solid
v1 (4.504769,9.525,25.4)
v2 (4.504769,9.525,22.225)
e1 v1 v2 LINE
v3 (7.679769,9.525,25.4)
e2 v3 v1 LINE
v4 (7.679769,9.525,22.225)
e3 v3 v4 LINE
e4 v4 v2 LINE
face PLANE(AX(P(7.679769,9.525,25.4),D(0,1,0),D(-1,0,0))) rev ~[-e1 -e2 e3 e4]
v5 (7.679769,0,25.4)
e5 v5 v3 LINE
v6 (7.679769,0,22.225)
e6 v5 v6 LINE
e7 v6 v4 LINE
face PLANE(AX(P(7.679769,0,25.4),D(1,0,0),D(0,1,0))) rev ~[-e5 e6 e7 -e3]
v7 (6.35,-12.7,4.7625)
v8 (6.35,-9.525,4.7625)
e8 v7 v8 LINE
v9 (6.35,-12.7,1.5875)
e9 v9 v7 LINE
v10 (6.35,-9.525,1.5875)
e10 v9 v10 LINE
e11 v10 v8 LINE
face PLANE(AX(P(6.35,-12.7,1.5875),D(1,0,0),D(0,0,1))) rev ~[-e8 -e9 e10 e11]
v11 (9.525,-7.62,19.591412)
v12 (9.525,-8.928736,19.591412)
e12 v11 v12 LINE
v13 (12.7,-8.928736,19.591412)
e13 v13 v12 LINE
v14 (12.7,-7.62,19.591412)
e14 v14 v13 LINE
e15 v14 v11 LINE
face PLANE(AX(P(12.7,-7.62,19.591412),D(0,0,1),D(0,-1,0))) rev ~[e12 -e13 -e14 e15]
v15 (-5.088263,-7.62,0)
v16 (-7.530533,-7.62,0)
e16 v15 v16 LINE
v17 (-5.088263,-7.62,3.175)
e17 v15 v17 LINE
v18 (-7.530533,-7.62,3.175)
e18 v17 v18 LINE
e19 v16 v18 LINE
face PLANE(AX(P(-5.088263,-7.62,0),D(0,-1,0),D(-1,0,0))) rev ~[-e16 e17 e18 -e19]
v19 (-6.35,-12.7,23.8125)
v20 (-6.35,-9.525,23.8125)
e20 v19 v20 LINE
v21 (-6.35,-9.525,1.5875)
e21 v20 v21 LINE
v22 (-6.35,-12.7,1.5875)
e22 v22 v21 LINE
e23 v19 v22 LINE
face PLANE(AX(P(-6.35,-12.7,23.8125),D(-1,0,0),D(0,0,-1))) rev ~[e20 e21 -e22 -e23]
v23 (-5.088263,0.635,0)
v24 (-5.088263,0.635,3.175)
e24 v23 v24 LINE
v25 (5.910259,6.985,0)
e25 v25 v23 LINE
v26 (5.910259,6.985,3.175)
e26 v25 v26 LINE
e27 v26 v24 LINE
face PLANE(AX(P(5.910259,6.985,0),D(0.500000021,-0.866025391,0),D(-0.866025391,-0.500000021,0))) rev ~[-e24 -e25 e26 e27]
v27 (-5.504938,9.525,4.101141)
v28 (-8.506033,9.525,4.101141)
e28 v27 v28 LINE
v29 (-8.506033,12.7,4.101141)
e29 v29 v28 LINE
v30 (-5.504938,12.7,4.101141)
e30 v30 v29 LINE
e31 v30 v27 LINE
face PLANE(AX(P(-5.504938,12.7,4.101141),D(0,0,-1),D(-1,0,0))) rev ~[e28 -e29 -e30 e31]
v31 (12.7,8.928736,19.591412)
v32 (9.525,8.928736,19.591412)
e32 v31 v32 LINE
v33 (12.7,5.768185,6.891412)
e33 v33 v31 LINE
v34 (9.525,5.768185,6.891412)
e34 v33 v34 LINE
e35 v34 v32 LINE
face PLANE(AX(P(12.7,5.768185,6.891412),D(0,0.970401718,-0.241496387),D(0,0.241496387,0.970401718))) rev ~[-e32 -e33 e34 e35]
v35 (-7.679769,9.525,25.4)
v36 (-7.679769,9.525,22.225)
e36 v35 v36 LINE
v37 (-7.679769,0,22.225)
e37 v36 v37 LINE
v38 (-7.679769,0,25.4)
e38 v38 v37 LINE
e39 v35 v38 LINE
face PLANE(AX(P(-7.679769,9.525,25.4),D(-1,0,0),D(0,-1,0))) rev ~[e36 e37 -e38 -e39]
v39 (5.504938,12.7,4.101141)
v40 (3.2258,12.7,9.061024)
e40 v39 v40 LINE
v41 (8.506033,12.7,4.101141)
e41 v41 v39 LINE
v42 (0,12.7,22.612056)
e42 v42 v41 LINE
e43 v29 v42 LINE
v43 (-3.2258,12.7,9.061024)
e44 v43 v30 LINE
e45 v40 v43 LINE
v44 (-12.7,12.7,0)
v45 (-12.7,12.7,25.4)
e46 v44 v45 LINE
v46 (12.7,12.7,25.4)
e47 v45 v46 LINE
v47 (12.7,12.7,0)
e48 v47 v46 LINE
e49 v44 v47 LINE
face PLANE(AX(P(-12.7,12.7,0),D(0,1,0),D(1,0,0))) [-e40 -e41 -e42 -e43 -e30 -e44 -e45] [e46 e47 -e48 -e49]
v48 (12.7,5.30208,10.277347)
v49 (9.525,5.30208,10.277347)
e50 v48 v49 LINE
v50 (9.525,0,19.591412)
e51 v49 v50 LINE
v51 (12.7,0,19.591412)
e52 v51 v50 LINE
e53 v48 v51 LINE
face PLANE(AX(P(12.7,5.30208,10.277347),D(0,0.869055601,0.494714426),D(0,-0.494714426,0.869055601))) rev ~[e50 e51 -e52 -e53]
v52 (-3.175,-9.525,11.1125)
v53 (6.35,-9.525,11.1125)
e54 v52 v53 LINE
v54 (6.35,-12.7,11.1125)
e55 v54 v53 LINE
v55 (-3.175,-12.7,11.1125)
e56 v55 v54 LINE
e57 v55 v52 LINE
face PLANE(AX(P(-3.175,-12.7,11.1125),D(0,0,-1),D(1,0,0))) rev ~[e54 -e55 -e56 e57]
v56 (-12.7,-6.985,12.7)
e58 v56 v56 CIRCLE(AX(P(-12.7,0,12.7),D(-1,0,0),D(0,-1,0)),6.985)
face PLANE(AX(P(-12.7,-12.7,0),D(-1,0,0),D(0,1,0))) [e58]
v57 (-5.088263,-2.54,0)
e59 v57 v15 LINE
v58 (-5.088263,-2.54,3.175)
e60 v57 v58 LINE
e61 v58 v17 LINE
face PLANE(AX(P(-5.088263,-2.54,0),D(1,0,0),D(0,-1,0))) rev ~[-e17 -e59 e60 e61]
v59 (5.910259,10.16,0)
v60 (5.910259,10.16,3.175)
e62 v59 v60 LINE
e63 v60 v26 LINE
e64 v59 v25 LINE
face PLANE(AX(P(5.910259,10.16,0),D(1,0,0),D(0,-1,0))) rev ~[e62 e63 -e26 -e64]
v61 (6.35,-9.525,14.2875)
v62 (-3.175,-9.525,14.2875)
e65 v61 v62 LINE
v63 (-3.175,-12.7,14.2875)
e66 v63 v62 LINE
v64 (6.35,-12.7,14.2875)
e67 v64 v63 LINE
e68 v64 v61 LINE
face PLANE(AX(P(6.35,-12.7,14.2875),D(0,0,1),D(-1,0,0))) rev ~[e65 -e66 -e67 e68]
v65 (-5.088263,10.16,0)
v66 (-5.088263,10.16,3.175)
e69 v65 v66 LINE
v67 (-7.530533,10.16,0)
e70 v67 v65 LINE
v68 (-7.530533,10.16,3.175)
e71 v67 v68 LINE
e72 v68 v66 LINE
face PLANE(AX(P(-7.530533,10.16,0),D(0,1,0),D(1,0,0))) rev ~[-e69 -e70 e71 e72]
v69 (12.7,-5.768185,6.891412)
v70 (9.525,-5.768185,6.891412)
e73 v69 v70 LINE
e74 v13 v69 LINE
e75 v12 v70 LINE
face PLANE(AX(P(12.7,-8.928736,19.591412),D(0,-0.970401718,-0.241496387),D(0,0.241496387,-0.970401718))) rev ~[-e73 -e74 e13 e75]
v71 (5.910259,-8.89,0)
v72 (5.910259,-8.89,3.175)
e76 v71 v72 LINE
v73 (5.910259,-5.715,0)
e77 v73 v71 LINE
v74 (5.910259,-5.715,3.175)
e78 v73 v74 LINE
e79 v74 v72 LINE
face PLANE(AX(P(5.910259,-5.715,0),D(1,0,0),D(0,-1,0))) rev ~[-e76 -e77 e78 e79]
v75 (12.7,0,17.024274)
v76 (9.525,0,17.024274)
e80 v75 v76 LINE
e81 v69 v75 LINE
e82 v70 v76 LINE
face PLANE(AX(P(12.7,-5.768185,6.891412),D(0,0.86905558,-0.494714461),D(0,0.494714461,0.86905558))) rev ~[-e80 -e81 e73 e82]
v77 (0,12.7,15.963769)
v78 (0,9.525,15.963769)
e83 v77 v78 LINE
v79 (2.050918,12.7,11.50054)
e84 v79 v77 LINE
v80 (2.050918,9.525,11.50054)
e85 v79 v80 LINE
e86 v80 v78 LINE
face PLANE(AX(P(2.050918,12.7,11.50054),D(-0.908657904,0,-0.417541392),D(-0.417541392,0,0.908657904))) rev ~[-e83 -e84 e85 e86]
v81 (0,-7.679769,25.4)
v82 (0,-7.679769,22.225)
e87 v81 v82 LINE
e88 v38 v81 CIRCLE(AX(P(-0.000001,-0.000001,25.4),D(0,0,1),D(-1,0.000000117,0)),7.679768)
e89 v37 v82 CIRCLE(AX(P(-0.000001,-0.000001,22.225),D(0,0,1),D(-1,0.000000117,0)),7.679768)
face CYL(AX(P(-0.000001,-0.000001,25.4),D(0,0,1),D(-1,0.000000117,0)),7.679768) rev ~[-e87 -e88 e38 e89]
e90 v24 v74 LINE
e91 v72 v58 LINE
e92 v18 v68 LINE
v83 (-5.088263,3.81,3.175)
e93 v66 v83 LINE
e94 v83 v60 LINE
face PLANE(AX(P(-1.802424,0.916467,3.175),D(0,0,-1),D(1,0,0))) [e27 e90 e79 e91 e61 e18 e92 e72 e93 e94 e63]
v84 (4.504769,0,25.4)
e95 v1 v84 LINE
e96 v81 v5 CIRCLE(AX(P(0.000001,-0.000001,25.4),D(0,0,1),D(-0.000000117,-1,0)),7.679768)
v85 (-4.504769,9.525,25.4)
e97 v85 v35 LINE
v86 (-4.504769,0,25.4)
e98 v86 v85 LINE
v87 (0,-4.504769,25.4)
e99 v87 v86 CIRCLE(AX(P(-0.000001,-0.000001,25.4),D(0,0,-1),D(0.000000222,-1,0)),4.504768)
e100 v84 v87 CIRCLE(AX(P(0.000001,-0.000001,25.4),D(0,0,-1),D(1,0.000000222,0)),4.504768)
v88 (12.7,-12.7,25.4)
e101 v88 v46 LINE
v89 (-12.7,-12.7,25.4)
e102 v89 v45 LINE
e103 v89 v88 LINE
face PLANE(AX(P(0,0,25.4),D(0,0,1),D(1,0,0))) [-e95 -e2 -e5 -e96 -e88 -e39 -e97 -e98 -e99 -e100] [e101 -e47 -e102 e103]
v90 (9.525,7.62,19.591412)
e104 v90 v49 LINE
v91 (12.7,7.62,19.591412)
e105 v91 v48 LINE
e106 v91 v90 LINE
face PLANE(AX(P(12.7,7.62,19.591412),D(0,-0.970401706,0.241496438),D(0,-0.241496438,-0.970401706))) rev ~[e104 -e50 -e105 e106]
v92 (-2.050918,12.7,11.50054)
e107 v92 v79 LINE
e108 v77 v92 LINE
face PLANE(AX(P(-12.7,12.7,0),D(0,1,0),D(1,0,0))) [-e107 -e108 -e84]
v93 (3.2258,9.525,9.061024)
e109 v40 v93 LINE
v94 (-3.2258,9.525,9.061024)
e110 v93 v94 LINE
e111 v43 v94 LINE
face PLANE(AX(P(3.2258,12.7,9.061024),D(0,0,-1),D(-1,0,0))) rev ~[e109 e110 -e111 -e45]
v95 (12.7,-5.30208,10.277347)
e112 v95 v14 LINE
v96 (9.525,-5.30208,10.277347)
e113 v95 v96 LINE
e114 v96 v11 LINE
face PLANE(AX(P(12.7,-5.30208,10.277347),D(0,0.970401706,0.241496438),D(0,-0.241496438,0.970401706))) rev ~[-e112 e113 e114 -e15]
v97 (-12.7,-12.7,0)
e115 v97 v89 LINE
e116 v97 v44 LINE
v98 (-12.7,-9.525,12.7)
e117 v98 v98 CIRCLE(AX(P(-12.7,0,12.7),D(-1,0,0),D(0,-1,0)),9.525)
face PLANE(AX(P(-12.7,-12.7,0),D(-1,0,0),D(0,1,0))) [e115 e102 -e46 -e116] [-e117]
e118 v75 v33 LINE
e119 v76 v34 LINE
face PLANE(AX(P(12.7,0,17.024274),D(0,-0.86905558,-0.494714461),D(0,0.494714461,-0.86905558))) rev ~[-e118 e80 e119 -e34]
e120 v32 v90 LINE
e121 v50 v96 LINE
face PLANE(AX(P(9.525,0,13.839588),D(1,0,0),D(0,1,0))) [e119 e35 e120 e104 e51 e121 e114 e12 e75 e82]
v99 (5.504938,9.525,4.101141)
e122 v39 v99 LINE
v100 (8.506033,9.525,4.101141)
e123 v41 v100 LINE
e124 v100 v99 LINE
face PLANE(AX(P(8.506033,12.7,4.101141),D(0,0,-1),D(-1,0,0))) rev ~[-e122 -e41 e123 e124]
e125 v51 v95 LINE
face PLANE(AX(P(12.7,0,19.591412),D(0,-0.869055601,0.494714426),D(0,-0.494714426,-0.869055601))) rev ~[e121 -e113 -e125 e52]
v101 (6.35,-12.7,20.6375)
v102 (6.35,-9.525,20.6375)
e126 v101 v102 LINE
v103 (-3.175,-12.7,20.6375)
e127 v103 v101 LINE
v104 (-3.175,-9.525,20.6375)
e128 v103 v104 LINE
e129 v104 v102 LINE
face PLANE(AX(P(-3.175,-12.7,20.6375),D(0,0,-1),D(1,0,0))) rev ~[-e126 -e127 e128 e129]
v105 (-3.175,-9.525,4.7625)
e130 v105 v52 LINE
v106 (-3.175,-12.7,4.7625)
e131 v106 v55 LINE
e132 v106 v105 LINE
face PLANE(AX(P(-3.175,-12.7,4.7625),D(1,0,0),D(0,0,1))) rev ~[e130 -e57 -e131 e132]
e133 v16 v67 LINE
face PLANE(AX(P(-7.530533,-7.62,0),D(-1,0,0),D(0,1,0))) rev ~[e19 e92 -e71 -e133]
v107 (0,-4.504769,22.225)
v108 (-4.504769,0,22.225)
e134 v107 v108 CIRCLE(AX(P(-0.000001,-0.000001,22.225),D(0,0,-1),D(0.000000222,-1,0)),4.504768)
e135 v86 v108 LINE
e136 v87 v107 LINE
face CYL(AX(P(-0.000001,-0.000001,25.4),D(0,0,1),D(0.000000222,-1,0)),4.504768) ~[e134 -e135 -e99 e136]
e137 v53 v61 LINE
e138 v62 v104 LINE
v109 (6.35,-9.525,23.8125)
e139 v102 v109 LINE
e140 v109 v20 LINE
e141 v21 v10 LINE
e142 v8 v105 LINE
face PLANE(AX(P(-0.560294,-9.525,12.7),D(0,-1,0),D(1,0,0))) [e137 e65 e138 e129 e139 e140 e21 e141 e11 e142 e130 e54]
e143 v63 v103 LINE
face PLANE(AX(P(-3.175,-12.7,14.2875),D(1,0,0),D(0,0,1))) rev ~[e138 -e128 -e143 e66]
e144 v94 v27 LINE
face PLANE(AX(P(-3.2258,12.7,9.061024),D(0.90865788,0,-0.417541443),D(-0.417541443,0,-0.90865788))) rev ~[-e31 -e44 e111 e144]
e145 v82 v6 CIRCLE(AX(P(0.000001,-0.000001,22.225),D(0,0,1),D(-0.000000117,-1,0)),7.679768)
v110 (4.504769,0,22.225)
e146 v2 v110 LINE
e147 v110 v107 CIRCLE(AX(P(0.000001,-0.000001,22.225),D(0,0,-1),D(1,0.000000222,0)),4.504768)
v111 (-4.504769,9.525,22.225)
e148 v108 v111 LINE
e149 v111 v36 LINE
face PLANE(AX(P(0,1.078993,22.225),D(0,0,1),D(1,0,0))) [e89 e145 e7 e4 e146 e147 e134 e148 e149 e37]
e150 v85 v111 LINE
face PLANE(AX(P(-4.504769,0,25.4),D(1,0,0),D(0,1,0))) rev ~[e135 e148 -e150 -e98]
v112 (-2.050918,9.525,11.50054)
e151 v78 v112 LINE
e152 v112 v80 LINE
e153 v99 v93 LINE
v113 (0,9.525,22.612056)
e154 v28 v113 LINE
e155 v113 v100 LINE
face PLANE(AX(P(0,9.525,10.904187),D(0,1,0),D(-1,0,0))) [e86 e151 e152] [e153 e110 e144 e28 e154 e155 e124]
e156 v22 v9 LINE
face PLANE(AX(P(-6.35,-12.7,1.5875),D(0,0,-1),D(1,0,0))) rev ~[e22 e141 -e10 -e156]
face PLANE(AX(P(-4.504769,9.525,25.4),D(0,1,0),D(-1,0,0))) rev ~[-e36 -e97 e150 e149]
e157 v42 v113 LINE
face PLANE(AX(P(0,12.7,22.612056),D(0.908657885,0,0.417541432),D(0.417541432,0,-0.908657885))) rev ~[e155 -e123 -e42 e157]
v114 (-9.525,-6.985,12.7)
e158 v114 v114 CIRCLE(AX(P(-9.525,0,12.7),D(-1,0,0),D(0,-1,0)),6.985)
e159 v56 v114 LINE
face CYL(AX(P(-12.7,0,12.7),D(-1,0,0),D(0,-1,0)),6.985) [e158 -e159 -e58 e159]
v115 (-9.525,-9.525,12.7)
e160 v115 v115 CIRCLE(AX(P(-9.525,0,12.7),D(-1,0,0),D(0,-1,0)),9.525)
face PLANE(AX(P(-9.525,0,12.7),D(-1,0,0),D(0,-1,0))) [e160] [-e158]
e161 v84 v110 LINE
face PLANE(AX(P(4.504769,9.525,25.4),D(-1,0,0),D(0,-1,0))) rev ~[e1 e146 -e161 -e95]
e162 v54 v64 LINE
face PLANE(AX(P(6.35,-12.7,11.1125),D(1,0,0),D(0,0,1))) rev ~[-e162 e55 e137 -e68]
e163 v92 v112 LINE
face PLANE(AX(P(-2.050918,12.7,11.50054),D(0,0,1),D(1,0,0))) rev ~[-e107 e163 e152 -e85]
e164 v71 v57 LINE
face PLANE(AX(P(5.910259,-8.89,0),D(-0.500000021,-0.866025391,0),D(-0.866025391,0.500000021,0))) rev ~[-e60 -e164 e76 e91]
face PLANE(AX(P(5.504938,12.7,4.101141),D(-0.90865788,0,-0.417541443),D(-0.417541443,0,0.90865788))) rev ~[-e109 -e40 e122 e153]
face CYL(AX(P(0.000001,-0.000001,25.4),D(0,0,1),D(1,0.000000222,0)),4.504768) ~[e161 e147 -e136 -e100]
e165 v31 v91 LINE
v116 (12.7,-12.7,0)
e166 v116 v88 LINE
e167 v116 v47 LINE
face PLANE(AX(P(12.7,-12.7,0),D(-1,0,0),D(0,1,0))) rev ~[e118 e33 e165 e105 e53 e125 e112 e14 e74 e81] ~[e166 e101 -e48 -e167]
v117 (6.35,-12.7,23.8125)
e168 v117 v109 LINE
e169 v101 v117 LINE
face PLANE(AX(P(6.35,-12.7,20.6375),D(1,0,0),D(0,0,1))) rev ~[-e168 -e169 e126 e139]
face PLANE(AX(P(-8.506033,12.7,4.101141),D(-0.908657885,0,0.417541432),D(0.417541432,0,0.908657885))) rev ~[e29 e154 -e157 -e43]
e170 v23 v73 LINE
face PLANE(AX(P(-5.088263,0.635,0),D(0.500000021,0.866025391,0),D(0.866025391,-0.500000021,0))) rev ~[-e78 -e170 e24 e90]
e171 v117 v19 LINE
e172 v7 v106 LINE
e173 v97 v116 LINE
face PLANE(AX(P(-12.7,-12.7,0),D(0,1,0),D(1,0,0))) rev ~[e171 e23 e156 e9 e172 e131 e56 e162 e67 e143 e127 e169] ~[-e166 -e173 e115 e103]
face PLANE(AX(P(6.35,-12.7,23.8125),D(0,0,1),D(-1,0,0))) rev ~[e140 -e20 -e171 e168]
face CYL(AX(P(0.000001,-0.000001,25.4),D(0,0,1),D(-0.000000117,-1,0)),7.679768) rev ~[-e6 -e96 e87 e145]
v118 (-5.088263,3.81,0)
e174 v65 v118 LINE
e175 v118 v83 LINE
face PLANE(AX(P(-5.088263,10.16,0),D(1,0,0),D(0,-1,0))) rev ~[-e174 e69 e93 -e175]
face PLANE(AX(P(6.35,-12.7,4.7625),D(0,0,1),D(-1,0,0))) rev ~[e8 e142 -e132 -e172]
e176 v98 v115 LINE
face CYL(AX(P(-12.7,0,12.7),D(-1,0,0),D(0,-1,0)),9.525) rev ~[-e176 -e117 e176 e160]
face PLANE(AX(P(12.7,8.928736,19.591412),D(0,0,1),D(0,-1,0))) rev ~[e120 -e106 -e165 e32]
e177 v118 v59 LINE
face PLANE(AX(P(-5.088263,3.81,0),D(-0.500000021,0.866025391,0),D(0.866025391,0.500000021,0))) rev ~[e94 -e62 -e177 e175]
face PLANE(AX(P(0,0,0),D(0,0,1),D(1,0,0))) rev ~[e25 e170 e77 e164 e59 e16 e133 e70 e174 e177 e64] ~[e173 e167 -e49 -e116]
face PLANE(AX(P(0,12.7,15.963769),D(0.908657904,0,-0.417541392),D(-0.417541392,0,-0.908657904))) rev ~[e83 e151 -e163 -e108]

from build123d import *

# Parameters (mm, degrees)
F0_W      = 25.4
F0_H      = 25.4
F1_DEPTH  = 25.4
F2_R      = 9.525
F2_R_2    = 6.985
F3_DEPTH  = 3.175
F5_DEPTH  = 3.175
F7_DEPTH  = 3.175
F9_DEPTH  = 3.175
F11_DEPTH = 3.175
F13_DEPTH = 3.175


with BuildPart() as f1:
    # F0 (on Top) → F1 (new body)
    with BuildSketch(Plane.XY):
        Rectangle(F0_W, F0_H)
    extrude(amount=F1_DEPTH)

    # F2 (on face) → F3 (cut)
    with BuildSketch(Plane(origin=(-12.7, 0, 0), x_dir=(0, -1, 0), z_dir=(-1, 0, 0))):
        with Locations((0, 12.7)):
            Circle(F2_R)
        with Locations((0, 12.7)):
            Circle(F2_R_2, mode=Mode.SUBTRACT)
    extrude(amount=-F3_DEPTH, mode=Mode.SUBTRACT)

    # F4 (on face) → F5 (cut)
    with BuildSketch(Plane(origin=(0, 12.7, 0), x_dir=(-1, 0, 0), z_dir=(0, 1, 0))):
        Polygon((8.506033, 4.101141), (0, 22.612056), (-8.506033, 4.101141), (-5.504938, 4.101141), (-3.2258, 9.061024), (0, 9.061024), (3.2258, 9.061024), (5.504938, 4.101141), align=None)
        Polygon((-2.050918, 11.50054), (0, 15.963769), (2.050918, 11.50054), (0, 11.50054), align=None, mode=Mode.SUBTRACT)
    extrude(amount=-F5_DEPTH, mode=Mode.SUBTRACT)

    # F6 (on face) → F7 (cut)
    with BuildSketch(Plane.YZ.offset(12.7)):
        Polygon((-7.62, 19.591412), (-8.928736, 19.591412), (-5.768185, 6.891412), (0, 17.024274), (5.768185, 6.891412), (8.928736, 19.591412), (7.62, 19.591412), (5.30208, 10.277347), (0, 19.591412), (-5.30208, 10.277347), align=None)
    extrude(amount=-F7_DEPTH, mode=Mode.SUBTRACT)

    # F8 (on face) → F9 (cut)
    with BuildSketch(Plane.XZ.offset(12.7)):
        Polygon((6.35, 23.8125), (-6.35, 23.8125), (-6.35, 1.5875), (6.35, 1.5875), (6.35, 4.7625), (-3.175, 4.7625), (-3.175, 11.1125), (6.35, 11.1125), (6.35, 14.2875), (-3.175, 14.2875), (-3.175, 20.6375), (6.35, 20.6375), align=None)
    extrude(amount=-F9_DEPTH, mode=Mode.SUBTRACT)

    # F10 (on face) → F11 (cut)
    with BuildSketch(Plane.XY.offset(25.4)):
        with BuildLine():
            Line((-4.504769, 9.525), (-7.679769, 9.525))
            Line((-7.679769, 9.525), (-7.679769, 0))
            ThreePointArc((-7.679769, 0), (-5.430417, -5.430417), (0, -7.679769))
            ThreePointArc((0, -7.679769), (5.430417, -5.430417), (7.679769, 0))
            Line((7.679769, 0), (7.679769, 9.525))
            Line((7.679769, 9.525), (4.504769, 9.525))
            Line((4.504769, 9.525), (4.504769, 0))
            ThreePointArc((4.504769, 0), (3.185353, -3.185353), (0, -4.504769))
            ThreePointArc((0, -4.504769), (-3.185353, -3.185353), (-4.504769, 0))
            Line((-4.504769, 0), (-4.504769, 9.525))
        make_face()
    extrude(amount=-F11_DEPTH, mode=Mode.SUBTRACT)

    # F12 (on face) → F13 (cut)
    with BuildSketch(Plane(origin=(0, 0, 0), x_dir=(1, 0, 0), z_dir=(0, 0, -1))):
        Polygon((-5.088263, 7.62), (-7.530533, 7.62), (-7.530533, -10.16), (-5.088263, -10.16), (-5.088263, -3.81), (5.910259, -10.16), (5.910259, -6.985), (-5.088263, -0.635), (5.910259, 5.715), (5.910259, 8.89), (-5.088263, 2.54), align=None)
    extrude(amount=-F13_DEPTH, mode=Mode.SUBTRACT)


solid = f1.part
